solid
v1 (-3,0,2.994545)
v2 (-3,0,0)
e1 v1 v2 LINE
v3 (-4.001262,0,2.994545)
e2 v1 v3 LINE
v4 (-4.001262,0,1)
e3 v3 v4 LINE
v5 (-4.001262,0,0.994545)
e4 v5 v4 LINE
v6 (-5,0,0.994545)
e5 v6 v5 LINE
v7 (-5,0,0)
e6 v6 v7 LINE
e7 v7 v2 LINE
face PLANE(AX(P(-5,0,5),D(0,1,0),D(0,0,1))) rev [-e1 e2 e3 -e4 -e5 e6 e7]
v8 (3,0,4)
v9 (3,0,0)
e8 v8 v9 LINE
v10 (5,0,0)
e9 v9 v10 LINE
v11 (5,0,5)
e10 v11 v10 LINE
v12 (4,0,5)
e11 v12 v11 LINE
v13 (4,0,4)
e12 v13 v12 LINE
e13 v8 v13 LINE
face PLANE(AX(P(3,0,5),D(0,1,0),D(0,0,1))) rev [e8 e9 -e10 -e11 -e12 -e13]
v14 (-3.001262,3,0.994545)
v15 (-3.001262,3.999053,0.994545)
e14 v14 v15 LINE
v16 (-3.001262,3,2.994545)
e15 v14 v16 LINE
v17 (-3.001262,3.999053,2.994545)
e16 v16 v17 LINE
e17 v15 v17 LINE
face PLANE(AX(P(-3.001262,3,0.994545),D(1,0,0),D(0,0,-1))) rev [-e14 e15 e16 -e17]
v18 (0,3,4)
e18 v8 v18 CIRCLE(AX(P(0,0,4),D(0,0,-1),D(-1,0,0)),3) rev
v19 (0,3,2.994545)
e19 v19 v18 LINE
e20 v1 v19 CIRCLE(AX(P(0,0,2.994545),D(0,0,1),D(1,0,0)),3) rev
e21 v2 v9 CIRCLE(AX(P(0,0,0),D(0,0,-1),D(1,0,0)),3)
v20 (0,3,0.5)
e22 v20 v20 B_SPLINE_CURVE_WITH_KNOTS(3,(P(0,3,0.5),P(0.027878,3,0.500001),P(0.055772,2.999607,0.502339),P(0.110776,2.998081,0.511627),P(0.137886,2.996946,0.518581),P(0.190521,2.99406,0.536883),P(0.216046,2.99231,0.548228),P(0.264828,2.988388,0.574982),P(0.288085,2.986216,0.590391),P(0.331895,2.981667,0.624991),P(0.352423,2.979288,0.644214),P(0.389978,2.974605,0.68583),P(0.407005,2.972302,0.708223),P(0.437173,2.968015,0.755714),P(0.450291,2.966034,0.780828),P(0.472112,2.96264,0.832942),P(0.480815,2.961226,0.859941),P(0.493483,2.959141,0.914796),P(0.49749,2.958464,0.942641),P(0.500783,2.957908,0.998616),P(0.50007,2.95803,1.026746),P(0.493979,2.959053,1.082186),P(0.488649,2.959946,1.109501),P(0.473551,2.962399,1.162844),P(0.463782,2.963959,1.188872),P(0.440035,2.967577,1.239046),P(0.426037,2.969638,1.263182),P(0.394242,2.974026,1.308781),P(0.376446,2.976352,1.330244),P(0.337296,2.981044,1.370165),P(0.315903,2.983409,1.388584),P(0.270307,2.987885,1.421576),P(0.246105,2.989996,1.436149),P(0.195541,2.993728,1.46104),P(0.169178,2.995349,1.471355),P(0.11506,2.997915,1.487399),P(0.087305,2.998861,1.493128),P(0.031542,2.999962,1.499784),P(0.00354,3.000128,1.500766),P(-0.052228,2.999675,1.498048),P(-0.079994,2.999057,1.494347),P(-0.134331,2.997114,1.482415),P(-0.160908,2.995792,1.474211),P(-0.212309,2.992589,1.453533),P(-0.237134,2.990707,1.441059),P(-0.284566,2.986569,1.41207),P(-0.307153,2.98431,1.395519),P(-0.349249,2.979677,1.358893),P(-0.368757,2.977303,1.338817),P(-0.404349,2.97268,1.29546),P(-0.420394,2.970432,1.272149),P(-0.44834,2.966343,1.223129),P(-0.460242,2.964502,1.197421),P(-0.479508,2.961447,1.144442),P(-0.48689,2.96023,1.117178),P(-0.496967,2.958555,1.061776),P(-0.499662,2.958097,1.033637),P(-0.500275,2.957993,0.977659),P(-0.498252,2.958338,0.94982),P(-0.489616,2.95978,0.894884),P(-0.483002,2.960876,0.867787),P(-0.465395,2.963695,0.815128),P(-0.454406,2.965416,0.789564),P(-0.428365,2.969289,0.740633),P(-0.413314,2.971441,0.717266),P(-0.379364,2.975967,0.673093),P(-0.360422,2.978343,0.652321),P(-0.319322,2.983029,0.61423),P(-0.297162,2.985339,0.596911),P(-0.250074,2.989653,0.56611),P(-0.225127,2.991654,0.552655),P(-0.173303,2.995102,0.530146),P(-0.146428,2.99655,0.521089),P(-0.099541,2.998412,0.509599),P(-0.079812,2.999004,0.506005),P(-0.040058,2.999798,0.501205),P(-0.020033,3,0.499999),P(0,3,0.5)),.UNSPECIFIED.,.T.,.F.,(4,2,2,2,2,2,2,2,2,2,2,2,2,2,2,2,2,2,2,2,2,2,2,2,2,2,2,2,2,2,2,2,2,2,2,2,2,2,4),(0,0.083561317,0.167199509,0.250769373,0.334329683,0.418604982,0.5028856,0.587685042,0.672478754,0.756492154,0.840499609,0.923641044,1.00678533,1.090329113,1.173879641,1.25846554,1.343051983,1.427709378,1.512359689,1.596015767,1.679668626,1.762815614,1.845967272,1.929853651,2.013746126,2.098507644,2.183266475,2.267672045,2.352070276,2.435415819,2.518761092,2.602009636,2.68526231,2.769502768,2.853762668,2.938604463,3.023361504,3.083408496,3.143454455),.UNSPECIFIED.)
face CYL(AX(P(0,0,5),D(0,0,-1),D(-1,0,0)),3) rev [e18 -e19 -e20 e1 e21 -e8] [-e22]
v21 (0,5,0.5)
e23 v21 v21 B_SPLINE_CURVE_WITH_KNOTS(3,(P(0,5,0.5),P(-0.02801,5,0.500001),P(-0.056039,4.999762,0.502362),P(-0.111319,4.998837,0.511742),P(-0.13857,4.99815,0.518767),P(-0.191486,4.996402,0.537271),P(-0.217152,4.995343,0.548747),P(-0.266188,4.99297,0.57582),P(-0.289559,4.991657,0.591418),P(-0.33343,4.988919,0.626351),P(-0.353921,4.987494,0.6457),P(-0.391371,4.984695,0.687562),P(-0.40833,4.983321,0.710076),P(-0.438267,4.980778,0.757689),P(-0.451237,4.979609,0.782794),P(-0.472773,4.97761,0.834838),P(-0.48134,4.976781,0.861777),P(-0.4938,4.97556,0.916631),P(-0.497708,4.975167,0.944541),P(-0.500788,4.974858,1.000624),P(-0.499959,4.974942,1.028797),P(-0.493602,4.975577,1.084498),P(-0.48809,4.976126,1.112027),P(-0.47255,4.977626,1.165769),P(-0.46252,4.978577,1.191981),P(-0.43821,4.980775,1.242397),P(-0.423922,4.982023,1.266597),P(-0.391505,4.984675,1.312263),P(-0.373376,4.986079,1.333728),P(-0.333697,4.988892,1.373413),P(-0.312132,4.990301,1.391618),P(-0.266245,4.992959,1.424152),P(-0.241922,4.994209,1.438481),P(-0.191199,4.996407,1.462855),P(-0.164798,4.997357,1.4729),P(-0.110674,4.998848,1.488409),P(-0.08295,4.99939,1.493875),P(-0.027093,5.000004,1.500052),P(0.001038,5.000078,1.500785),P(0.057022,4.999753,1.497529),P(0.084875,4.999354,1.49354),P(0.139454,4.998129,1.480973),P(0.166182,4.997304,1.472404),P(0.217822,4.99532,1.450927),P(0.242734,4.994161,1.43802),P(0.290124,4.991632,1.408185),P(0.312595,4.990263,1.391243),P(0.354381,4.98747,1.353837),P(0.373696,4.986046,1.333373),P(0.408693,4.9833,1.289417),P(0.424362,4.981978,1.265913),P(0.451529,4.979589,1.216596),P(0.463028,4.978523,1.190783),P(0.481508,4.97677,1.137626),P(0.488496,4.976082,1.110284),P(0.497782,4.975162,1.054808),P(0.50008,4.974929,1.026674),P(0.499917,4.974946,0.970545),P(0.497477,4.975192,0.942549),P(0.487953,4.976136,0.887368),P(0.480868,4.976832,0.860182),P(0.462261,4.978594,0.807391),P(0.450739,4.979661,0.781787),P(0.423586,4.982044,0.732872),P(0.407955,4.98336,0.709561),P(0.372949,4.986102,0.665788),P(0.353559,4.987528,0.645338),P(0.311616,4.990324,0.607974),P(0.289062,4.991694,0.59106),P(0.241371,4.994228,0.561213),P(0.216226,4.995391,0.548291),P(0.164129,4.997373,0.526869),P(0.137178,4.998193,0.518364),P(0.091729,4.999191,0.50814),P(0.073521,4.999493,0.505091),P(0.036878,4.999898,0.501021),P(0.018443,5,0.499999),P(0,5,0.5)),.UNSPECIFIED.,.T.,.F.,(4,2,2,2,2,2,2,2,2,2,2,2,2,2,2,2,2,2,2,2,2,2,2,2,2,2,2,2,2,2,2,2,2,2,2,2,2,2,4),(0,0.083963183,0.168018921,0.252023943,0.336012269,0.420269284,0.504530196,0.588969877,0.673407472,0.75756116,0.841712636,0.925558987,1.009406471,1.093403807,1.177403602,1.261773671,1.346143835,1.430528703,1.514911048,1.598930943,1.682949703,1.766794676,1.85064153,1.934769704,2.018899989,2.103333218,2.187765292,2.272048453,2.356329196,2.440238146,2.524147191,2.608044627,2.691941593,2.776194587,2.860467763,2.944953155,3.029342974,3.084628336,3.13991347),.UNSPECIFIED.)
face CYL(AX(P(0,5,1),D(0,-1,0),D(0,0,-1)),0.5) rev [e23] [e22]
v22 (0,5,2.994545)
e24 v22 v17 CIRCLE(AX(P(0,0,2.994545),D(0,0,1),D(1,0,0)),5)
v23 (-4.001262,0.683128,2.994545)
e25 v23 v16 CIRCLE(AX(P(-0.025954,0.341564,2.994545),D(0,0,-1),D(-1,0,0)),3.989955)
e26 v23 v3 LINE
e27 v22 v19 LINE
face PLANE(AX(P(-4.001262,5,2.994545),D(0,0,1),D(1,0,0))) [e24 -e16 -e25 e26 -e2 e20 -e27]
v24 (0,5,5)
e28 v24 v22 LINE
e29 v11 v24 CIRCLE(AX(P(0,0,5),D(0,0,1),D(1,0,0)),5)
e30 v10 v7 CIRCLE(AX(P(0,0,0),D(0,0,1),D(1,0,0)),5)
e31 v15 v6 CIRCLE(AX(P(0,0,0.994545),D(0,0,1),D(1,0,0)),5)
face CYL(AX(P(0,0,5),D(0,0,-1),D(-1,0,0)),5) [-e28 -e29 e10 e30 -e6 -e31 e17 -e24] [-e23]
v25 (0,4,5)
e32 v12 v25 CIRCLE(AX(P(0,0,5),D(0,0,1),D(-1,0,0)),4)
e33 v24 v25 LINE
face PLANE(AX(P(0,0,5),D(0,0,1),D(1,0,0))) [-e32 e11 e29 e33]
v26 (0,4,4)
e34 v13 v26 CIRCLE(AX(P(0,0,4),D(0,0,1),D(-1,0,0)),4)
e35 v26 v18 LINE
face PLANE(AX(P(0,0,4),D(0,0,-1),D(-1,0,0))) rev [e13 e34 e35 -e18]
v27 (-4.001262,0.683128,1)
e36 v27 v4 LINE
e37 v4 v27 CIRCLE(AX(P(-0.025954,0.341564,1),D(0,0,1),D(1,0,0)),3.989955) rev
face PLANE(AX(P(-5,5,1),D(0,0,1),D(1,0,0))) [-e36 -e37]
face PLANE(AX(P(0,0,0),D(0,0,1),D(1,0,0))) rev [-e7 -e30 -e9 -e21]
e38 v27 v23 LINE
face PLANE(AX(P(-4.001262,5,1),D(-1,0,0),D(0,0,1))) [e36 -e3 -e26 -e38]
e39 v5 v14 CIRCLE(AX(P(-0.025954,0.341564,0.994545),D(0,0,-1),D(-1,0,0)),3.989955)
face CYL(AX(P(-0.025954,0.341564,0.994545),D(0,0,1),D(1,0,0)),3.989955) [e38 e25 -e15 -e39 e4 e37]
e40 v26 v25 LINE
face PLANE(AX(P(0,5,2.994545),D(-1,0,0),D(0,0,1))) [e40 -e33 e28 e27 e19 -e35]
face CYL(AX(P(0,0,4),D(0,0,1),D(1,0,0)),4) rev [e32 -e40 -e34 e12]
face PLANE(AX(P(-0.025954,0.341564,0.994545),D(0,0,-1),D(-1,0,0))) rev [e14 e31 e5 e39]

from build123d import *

# Parameters (mm, degrees)
BOSS_EXTRUDE1_DEPTH = 5
SKETCH2_R           = 0.5
CUT_EXTRUDE1_DEPTH  = 5
CUT_EXTRUDE2_DEPTH  = 1
CUT_EXTRUDE3_DEPTH  = 2


with BuildPart() as part:
    # Sketch1 → Boss-Extrude1 (new body)
    with BuildSketch(Plane.XY):
        with BuildLine():
            Line((-5, 0), (-3, 0))
            ThreePointArc((-3, 0), (0, 3), (3, 0))
            Line((3, 0), (5, 0))
            ThreePointArc((5, 0), (0, 5), (-5, 0))
        make_face()
    extrude(amount=BOSS_EXTRUDE1_DEPTH)

    # Sketch2 → Cut-Extrude1 (cut)
    with BuildSketch(Plane(origin=(0, 0, 0), x_dir=(1, 0, 0), z_dir=(0, 1, 0))):
        with Locations((0, -1)):
            Circle(SKETCH2_R)
        Polygon((-5, -1), (-4.001262059, -1), (-4.001262059, -1.997514784), (-4.001262059, -2.994544778), (0, -2.994544778), (0, -5), (-5, -5), align=None)
    extrude(amount=CUT_EXTRUDE1_DEPTH, mode=Mode.SUBTRACT)

    # Sketch3 → Cut-Extrude2 (cut)
    with BuildSketch(Plane.XY.offset(5)):
        with BuildLine():
            Line((0, 4), (0, 0))
            Line((0, 0), (4, 0))
            ThreePointArc((4, 0), (2.828427125, 2.828427125), (0, 4))
        make_face()
    extrude(amount=-CUT_EXTRUDE2_DEPTH, mode=Mode.SUBTRACT)

    # Sketch4 → Cut-Extrude3 (cut)
    with BuildSketch(Plane.XY.offset(2.994544778)):
        with BuildLine():
            Line((-3.001262059, 3), (-3.001262059, 3.999053144))
            ThreePointArc((-3.001262059, 3.999053144), (-4.472488697, 2.235362354), (-5, 0))
            Line((-5, 0), (-4.001262059, 0))
            ThreePointArc((-4.001262059, 0), (-3.811157575, 1.603298505), (-3.001262059, 3))
        make_face()
    extrude(amount=-CUT_EXTRUDE3_DEPTH, mode=Mode.SUBTRACT)


solid = part.part
